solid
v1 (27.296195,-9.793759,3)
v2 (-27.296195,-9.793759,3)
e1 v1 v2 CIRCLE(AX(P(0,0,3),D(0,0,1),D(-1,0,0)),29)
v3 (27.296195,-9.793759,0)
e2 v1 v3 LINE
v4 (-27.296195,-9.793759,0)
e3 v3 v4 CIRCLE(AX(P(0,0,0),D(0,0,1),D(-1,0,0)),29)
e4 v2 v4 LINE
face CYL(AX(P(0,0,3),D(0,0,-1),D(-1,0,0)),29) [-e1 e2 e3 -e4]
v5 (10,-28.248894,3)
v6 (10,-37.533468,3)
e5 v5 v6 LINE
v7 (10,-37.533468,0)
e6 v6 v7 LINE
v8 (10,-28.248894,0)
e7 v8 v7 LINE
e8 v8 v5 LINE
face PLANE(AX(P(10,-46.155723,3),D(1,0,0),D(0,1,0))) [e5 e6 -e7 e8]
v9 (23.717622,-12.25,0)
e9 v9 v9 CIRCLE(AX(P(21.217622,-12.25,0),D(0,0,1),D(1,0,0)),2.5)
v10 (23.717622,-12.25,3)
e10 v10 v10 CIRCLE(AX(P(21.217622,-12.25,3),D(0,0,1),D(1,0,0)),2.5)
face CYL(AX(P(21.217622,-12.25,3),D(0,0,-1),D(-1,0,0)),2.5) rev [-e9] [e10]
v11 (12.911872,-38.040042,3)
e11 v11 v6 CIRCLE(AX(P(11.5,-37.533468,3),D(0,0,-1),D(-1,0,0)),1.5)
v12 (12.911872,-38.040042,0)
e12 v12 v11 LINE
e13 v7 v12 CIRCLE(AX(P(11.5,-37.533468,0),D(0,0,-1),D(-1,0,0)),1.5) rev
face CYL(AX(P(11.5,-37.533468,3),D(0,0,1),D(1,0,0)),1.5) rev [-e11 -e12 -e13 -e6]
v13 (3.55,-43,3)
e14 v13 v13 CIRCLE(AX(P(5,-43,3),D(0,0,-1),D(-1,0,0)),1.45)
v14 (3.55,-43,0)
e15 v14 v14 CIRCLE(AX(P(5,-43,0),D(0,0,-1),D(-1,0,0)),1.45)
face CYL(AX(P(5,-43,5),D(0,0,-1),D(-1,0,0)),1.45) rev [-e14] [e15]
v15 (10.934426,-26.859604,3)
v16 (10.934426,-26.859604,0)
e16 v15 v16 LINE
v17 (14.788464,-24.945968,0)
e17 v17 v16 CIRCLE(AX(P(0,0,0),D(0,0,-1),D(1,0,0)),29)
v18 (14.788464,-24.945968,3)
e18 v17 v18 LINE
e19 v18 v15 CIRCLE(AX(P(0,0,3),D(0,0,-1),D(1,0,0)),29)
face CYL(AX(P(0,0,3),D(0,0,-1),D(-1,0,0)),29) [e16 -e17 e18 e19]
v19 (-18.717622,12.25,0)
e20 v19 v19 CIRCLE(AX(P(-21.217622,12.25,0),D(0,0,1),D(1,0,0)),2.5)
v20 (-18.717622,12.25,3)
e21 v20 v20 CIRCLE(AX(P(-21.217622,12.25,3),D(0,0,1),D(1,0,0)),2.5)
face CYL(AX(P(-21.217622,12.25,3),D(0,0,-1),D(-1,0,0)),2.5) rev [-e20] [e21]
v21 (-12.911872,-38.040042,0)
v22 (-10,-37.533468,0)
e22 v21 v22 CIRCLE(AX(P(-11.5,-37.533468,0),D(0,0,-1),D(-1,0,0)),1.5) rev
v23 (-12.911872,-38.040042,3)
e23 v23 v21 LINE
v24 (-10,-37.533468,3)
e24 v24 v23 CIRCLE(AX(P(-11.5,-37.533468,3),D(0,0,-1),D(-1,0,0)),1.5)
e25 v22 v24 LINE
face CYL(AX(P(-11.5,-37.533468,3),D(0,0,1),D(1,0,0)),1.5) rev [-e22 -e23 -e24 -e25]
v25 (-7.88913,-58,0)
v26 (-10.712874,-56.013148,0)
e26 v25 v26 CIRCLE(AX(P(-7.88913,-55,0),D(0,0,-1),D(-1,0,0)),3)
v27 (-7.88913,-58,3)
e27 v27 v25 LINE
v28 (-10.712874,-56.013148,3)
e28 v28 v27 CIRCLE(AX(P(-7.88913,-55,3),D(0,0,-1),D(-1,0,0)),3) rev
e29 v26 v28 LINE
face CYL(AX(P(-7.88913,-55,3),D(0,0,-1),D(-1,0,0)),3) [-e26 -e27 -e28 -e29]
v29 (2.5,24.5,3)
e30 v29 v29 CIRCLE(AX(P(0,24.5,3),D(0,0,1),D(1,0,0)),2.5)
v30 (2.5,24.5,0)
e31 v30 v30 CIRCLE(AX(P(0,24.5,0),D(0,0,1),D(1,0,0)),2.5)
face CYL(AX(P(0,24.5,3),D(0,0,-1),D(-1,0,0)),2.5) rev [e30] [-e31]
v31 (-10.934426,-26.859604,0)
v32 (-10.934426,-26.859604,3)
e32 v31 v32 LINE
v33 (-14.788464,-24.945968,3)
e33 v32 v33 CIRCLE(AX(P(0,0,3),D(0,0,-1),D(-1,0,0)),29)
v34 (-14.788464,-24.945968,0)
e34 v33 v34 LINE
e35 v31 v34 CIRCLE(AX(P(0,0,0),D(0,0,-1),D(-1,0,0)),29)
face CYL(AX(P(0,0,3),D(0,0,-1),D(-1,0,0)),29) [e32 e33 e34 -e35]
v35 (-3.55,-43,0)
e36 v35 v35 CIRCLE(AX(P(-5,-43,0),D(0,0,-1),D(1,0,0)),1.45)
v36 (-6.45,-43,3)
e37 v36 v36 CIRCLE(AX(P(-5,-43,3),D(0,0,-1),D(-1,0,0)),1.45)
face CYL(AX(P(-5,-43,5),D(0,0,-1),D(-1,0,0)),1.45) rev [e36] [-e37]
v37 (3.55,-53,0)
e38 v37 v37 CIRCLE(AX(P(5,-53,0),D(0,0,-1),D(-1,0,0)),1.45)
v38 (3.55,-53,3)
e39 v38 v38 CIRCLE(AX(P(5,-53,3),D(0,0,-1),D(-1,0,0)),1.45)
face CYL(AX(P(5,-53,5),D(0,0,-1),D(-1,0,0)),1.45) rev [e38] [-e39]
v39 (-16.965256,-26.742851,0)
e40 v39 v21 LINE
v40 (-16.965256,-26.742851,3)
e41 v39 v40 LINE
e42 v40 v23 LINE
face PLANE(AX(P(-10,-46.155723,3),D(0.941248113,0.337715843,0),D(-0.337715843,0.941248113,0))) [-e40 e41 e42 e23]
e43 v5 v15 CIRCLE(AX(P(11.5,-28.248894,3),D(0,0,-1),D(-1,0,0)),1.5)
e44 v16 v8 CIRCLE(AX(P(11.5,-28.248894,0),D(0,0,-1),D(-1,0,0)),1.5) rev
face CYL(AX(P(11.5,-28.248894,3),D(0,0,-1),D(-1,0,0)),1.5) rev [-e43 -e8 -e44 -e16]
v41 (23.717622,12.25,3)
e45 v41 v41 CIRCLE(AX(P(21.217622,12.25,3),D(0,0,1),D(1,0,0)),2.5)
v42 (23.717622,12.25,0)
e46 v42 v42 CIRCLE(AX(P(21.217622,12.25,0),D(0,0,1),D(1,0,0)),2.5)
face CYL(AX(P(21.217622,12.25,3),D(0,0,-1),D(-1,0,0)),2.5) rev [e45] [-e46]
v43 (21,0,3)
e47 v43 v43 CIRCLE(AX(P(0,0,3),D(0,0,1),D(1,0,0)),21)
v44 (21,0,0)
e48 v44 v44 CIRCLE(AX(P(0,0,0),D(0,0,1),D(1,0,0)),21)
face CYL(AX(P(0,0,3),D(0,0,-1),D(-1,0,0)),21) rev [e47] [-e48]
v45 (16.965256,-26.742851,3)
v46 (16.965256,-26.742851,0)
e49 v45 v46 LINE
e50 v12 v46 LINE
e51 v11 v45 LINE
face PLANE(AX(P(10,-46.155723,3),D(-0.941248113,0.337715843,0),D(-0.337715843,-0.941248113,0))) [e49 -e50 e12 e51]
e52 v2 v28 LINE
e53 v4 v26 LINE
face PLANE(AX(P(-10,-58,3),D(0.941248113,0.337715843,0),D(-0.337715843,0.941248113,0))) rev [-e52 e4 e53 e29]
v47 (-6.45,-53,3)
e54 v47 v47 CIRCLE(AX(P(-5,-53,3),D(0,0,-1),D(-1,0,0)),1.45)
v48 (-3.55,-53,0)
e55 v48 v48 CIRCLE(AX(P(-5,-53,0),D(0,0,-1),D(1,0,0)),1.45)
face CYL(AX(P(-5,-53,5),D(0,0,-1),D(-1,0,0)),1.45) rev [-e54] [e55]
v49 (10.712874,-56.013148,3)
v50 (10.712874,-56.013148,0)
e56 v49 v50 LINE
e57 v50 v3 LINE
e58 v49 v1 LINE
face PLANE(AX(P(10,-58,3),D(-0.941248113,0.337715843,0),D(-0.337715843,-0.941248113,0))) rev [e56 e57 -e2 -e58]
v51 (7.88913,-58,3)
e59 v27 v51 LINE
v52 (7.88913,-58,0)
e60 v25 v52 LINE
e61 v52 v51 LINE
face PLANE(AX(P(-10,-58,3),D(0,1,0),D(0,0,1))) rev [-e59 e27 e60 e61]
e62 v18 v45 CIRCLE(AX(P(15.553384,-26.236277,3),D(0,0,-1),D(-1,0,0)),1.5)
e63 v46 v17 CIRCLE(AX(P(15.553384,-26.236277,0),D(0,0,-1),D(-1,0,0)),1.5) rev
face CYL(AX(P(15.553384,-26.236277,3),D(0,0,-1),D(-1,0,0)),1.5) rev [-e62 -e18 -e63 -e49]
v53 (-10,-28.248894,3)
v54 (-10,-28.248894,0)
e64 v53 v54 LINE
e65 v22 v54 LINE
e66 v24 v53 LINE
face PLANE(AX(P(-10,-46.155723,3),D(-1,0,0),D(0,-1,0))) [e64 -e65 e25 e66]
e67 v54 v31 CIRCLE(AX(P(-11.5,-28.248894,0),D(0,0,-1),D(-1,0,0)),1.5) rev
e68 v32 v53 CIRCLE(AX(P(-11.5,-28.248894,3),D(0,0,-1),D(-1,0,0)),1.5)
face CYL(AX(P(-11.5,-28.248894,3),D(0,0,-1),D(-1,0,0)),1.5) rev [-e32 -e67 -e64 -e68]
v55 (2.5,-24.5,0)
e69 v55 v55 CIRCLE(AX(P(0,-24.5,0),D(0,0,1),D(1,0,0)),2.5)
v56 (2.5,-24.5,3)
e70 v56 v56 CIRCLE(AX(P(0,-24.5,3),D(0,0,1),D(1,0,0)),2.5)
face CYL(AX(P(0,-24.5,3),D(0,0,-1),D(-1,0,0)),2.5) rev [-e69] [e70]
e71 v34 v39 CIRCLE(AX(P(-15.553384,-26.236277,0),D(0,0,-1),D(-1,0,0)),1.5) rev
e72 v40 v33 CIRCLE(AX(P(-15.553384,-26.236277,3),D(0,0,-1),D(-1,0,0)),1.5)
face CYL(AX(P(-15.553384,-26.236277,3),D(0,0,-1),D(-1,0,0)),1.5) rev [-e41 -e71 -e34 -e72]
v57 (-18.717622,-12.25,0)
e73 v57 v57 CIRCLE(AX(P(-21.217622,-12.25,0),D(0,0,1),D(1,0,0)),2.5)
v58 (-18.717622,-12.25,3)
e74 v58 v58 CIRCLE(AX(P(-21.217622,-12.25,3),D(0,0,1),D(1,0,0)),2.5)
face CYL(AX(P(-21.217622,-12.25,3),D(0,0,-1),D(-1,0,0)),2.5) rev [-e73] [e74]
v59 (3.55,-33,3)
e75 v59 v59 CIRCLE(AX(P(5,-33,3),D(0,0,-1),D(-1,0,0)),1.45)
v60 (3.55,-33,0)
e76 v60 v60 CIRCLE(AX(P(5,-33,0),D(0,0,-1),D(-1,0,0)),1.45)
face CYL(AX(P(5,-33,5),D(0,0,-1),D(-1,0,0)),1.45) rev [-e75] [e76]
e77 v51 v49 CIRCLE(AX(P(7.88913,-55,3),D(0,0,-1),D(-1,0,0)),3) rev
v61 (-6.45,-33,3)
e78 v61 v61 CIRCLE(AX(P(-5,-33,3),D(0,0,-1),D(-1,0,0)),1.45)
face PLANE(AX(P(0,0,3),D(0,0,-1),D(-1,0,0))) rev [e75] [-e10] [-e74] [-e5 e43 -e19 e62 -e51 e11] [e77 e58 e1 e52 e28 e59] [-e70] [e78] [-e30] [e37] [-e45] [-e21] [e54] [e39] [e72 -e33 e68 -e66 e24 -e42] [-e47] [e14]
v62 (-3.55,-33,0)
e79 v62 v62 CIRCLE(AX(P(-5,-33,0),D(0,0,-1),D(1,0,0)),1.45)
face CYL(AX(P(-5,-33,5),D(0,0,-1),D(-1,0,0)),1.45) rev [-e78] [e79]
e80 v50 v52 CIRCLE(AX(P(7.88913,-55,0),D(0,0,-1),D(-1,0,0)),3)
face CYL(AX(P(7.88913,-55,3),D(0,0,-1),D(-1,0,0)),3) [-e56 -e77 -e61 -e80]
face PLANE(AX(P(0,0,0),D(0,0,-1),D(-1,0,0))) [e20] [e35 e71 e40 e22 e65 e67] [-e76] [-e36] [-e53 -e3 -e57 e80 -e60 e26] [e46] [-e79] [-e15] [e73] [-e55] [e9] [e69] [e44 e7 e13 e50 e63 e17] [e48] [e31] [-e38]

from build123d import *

# Parameters (mm, degrees)
SKETCH_2_R          = 21
SKETCH_2_R_2        = 2.5
EXTRUDE_1_DEPTH     = 3
FILLET_1_R          = 1.5
SKETCH_3_R          = 1.45
CUT_EXTRUDE_1_DEPTH = 5
FILLET_2_R          = 3


with BuildPart() as part:
    # Sketch 2 → Extrude 1 (new body)
    with BuildSketch(Plane.XY):
        with BuildLine():
            Line((-10, -58), (10, -58))
            Line((10, -58), (27.296195268, -9.793759437))
            ThreePointArc((27.296195268, -9.793759437), (0, 29), (-27.296195268, -9.793759437))
            Line((-27.296195268, -9.793759437), (-10, -58))
        make_face()
        Circle(SKETCH_2_R, mode=Mode.SUBTRACT)
        with Locations((0, 24.5)):
            Circle(SKETCH_2_R_2, mode=Mode.SUBTRACT)
        with Locations((21.217622393, 12.25)):
            Circle(SKETCH_2_R_2, mode=Mode.SUBTRACT)
        with Locations((21.217622393, -12.25)):
            Circle(SKETCH_2_R_2, mode=Mode.SUBTRACT)
        with Locations((0, -24.5)):
            Circle(SKETCH_2_R_2, mode=Mode.SUBTRACT)
        with Locations((-21.217622393, -12.25)):
            Circle(SKETCH_2_R_2, mode=Mode.SUBTRACT)
        with Locations((-21.217622393, 12.25)):
            Circle(SKETCH_2_R_2, mode=Mode.SUBTRACT)
        with BuildLine():
            Line((-10, -46.155722963), (-10, -27.221315178))
            ThreePointArc((-10, -27.221315178), (-14.496314654, -25.116864085), (-18.567813862, -22.276361651))
            Line((-18.567813862, -22.276361651), (-10, -46.155722963))
        make_face(mode=Mode.SUBTRACT)
        with BuildLine():
            Line((10, -46.155722963), (10, -27.221315178))
            ThreePointArc((10, -27.221315178), (14.496314654, -25.116864085), (18.567813862, -22.276361651))
            Line((18.567813862, -22.276361651), (10, -46.155722963))
        make_face(mode=Mode.SUBTRACT)
    extrude(amount=EXTRUDE_1_DEPTH)

    # Fillet 1
    fillet_1_edges = [part.edges().sort_by_distance(p)[0] for p in [
        (-18.567813862, -22.276361651, 1.5),
        (-10, -46.155722963, 1.5),
        (-10, -27.221315178, 1.5),
        (10, -46.155722963, 1.5),
        (18.567813862, -22.276361651, 1.5),
        (10, -27.221315178, 1.5),
    ]]
    fillet(fillet_1_edges, radius=FILLET_1_R)

    # Sketch 3 → Cut-Extrude 1 (cut)
    with BuildSketch(Plane(origin=(0, 0, 0), x_dir=(-1, 0, 0), z_dir=(0, 0, -1))):
        with Locations((-5, -33)):
            Circle(SKETCH_3_R)
        with Locations((-5, -43)):
            Circle(SKETCH_3_R)
        with Locations((-5, -53)):
            Circle(SKETCH_3_R)
        with Locations((5, -53)):
            Circle(SKETCH_3_R)
        with Locations((5, -43)):
            Circle(SKETCH_3_R)
        with Locations((5, -33)):
            Circle(SKETCH_3_R)
    extrude(amount=-CUT_EXTRUDE_1_DEPTH, mode=Mode.SUBTRACT)

    # Fillet 2
    fillet_2_edges = [part.edges().sort_by_distance(p)[0] for p in [
        (10, -58, 1.5),
        (-10, -58, 1.5),
    ]]
    fillet(fillet_2_edges, radius=FILLET_2_R)


solid = part.part
